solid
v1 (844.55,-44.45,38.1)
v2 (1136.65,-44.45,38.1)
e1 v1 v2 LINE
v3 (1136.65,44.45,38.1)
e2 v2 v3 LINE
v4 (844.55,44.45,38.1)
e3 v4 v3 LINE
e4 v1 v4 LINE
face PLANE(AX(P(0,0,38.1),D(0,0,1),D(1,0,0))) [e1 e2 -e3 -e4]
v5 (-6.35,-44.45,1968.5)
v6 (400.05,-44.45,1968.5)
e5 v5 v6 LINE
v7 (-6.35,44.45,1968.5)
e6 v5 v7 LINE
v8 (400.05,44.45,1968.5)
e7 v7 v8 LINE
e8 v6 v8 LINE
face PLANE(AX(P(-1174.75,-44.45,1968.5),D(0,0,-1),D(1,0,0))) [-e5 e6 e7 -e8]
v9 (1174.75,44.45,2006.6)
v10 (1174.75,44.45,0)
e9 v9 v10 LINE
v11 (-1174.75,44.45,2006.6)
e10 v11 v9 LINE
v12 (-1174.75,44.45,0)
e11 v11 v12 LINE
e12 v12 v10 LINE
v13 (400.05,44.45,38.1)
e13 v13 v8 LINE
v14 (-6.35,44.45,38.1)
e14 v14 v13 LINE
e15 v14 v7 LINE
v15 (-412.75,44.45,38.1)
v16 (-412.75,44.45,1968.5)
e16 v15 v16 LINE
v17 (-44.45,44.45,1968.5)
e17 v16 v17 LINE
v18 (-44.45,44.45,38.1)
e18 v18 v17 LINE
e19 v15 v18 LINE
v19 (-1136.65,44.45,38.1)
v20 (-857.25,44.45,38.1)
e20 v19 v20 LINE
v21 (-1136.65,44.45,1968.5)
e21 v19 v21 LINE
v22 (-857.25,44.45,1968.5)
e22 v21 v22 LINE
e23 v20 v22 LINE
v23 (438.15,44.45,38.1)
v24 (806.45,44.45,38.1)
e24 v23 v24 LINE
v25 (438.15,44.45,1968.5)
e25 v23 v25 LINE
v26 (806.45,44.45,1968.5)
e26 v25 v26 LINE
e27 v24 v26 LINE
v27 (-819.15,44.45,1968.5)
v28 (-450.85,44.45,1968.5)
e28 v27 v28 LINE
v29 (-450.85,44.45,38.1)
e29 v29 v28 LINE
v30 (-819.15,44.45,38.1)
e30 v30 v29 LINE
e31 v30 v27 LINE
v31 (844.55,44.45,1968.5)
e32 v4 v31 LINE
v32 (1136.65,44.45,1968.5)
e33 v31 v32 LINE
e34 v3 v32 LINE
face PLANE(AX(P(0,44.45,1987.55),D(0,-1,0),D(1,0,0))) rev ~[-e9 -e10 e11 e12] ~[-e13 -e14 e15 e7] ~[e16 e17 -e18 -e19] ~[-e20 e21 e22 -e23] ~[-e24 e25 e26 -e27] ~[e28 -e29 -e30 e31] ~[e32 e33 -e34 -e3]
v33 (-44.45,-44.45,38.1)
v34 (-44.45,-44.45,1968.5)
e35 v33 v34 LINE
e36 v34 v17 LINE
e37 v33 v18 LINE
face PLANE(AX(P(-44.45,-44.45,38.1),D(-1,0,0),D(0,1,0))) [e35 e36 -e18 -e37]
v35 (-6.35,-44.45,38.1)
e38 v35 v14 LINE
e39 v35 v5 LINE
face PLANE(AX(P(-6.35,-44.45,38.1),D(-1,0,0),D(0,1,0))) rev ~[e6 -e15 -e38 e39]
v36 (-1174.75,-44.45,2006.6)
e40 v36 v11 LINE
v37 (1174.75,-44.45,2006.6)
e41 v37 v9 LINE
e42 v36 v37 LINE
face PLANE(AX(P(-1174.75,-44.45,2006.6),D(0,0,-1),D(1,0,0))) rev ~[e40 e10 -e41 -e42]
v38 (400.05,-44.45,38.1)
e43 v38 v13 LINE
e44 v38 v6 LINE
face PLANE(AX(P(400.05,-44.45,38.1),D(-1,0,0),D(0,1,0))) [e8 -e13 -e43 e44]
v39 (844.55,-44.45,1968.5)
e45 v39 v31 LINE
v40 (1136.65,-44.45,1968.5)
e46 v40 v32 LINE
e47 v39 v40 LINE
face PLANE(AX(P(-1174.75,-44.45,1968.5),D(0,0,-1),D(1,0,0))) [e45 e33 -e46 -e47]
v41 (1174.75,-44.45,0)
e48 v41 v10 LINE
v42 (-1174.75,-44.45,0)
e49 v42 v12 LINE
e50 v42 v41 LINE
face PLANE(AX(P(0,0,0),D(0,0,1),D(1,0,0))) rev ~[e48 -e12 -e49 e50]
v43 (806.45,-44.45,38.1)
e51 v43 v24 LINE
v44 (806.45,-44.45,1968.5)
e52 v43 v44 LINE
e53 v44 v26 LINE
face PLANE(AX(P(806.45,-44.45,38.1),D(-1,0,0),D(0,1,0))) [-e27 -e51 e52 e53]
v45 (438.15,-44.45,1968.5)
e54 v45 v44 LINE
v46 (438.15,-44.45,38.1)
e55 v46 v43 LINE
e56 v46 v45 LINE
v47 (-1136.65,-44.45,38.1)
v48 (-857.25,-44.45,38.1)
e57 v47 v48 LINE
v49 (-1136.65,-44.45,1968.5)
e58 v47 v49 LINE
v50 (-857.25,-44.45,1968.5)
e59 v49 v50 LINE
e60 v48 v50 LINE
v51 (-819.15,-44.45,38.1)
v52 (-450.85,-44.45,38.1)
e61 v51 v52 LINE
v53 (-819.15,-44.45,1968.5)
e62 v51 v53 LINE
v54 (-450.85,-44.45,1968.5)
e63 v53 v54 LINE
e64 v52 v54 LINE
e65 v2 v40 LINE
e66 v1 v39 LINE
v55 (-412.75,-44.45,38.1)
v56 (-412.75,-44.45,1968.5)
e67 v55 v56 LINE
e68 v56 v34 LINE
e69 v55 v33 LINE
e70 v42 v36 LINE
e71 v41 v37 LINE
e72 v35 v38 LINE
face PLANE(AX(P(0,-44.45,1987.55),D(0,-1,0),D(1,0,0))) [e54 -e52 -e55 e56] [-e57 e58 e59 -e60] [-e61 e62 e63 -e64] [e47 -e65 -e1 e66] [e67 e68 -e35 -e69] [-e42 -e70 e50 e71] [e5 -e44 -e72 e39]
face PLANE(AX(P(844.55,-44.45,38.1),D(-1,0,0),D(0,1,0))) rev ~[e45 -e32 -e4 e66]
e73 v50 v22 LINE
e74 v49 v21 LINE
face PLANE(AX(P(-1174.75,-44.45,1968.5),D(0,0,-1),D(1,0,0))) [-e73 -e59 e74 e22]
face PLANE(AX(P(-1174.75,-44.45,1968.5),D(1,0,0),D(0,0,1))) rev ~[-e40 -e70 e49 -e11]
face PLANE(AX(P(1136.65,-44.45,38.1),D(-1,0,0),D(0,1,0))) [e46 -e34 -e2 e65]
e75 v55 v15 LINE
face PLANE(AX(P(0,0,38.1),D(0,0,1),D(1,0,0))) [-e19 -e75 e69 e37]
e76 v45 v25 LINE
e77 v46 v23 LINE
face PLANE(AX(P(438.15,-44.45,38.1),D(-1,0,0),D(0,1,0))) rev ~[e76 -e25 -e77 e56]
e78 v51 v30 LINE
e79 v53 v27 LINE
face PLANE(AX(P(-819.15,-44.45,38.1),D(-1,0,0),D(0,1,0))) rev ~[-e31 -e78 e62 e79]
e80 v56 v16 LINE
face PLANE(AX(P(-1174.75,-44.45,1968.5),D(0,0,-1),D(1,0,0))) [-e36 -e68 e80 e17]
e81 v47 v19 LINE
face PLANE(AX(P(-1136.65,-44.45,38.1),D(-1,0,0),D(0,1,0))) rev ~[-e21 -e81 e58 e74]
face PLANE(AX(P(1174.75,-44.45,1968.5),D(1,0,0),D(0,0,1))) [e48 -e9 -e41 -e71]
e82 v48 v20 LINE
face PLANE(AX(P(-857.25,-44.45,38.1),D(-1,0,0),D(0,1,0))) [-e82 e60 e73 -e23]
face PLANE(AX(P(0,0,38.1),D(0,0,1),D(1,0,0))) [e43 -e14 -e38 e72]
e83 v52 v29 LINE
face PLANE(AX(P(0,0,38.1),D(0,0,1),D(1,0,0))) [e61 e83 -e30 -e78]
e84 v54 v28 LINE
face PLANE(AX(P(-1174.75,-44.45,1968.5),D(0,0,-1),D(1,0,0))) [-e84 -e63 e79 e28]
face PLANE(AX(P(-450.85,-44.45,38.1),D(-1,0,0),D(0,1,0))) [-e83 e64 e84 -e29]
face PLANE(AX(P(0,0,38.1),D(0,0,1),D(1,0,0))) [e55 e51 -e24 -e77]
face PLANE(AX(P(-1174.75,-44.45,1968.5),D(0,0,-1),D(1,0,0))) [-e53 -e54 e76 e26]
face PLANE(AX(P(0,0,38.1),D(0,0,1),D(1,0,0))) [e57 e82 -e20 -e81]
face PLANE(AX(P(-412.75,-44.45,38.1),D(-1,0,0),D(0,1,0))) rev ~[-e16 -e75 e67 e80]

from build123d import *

# Parameters (mm, degrees)
F0_W     = 2349.5
F0_H     = 88.9
F1_DEPTH = 38.1
F2_W     = 38.1
F2_H     = 88.9
F3_DEPTH = 1930.4
F4_W     = 2349.5
F4_H     = 38.1
F5_DEPTH = 88.9


with BuildPart() as f1:
    # F0 (on Top) → F1 (new body)
    with BuildSketch(Plane.XY):
        Rectangle(F0_W, F0_H)
    extrude(amount=F1_DEPTH)

    # F2 (on face) → F3 (join)
    with BuildSketch(Plane.XY.offset(38.1)):
        with Locations((-1155.7, 0)):
            Rectangle(F2_W, F2_H)
        with Locations((-838.2, 0)):
            Rectangle(F2_W, F2_H)
        with Locations((-431.8, 0)):
            Rectangle(F2_W, F2_H)
        with Locations((-25.4, 0)):
            Rectangle(F2_W, F2_H)
        with Locations((419.1, 0)):
            Rectangle(F2_W, F2_H)
        with Locations((825.5, 0)):
            Rectangle(F2_W, F2_H)
        with Locations((1155.7, 0)):
            Rectangle(F2_W, F2_H)
    extrude(amount=F3_DEPTH)

    # F4 (on face) → F5 (join)
    with BuildSketch(Plane.XZ.offset(44.45)):
        with Locations((0, 1987.55)):
            Rectangle(F4_W, F4_H)
    extrude(amount=-F5_DEPTH)


solid = f1.part
